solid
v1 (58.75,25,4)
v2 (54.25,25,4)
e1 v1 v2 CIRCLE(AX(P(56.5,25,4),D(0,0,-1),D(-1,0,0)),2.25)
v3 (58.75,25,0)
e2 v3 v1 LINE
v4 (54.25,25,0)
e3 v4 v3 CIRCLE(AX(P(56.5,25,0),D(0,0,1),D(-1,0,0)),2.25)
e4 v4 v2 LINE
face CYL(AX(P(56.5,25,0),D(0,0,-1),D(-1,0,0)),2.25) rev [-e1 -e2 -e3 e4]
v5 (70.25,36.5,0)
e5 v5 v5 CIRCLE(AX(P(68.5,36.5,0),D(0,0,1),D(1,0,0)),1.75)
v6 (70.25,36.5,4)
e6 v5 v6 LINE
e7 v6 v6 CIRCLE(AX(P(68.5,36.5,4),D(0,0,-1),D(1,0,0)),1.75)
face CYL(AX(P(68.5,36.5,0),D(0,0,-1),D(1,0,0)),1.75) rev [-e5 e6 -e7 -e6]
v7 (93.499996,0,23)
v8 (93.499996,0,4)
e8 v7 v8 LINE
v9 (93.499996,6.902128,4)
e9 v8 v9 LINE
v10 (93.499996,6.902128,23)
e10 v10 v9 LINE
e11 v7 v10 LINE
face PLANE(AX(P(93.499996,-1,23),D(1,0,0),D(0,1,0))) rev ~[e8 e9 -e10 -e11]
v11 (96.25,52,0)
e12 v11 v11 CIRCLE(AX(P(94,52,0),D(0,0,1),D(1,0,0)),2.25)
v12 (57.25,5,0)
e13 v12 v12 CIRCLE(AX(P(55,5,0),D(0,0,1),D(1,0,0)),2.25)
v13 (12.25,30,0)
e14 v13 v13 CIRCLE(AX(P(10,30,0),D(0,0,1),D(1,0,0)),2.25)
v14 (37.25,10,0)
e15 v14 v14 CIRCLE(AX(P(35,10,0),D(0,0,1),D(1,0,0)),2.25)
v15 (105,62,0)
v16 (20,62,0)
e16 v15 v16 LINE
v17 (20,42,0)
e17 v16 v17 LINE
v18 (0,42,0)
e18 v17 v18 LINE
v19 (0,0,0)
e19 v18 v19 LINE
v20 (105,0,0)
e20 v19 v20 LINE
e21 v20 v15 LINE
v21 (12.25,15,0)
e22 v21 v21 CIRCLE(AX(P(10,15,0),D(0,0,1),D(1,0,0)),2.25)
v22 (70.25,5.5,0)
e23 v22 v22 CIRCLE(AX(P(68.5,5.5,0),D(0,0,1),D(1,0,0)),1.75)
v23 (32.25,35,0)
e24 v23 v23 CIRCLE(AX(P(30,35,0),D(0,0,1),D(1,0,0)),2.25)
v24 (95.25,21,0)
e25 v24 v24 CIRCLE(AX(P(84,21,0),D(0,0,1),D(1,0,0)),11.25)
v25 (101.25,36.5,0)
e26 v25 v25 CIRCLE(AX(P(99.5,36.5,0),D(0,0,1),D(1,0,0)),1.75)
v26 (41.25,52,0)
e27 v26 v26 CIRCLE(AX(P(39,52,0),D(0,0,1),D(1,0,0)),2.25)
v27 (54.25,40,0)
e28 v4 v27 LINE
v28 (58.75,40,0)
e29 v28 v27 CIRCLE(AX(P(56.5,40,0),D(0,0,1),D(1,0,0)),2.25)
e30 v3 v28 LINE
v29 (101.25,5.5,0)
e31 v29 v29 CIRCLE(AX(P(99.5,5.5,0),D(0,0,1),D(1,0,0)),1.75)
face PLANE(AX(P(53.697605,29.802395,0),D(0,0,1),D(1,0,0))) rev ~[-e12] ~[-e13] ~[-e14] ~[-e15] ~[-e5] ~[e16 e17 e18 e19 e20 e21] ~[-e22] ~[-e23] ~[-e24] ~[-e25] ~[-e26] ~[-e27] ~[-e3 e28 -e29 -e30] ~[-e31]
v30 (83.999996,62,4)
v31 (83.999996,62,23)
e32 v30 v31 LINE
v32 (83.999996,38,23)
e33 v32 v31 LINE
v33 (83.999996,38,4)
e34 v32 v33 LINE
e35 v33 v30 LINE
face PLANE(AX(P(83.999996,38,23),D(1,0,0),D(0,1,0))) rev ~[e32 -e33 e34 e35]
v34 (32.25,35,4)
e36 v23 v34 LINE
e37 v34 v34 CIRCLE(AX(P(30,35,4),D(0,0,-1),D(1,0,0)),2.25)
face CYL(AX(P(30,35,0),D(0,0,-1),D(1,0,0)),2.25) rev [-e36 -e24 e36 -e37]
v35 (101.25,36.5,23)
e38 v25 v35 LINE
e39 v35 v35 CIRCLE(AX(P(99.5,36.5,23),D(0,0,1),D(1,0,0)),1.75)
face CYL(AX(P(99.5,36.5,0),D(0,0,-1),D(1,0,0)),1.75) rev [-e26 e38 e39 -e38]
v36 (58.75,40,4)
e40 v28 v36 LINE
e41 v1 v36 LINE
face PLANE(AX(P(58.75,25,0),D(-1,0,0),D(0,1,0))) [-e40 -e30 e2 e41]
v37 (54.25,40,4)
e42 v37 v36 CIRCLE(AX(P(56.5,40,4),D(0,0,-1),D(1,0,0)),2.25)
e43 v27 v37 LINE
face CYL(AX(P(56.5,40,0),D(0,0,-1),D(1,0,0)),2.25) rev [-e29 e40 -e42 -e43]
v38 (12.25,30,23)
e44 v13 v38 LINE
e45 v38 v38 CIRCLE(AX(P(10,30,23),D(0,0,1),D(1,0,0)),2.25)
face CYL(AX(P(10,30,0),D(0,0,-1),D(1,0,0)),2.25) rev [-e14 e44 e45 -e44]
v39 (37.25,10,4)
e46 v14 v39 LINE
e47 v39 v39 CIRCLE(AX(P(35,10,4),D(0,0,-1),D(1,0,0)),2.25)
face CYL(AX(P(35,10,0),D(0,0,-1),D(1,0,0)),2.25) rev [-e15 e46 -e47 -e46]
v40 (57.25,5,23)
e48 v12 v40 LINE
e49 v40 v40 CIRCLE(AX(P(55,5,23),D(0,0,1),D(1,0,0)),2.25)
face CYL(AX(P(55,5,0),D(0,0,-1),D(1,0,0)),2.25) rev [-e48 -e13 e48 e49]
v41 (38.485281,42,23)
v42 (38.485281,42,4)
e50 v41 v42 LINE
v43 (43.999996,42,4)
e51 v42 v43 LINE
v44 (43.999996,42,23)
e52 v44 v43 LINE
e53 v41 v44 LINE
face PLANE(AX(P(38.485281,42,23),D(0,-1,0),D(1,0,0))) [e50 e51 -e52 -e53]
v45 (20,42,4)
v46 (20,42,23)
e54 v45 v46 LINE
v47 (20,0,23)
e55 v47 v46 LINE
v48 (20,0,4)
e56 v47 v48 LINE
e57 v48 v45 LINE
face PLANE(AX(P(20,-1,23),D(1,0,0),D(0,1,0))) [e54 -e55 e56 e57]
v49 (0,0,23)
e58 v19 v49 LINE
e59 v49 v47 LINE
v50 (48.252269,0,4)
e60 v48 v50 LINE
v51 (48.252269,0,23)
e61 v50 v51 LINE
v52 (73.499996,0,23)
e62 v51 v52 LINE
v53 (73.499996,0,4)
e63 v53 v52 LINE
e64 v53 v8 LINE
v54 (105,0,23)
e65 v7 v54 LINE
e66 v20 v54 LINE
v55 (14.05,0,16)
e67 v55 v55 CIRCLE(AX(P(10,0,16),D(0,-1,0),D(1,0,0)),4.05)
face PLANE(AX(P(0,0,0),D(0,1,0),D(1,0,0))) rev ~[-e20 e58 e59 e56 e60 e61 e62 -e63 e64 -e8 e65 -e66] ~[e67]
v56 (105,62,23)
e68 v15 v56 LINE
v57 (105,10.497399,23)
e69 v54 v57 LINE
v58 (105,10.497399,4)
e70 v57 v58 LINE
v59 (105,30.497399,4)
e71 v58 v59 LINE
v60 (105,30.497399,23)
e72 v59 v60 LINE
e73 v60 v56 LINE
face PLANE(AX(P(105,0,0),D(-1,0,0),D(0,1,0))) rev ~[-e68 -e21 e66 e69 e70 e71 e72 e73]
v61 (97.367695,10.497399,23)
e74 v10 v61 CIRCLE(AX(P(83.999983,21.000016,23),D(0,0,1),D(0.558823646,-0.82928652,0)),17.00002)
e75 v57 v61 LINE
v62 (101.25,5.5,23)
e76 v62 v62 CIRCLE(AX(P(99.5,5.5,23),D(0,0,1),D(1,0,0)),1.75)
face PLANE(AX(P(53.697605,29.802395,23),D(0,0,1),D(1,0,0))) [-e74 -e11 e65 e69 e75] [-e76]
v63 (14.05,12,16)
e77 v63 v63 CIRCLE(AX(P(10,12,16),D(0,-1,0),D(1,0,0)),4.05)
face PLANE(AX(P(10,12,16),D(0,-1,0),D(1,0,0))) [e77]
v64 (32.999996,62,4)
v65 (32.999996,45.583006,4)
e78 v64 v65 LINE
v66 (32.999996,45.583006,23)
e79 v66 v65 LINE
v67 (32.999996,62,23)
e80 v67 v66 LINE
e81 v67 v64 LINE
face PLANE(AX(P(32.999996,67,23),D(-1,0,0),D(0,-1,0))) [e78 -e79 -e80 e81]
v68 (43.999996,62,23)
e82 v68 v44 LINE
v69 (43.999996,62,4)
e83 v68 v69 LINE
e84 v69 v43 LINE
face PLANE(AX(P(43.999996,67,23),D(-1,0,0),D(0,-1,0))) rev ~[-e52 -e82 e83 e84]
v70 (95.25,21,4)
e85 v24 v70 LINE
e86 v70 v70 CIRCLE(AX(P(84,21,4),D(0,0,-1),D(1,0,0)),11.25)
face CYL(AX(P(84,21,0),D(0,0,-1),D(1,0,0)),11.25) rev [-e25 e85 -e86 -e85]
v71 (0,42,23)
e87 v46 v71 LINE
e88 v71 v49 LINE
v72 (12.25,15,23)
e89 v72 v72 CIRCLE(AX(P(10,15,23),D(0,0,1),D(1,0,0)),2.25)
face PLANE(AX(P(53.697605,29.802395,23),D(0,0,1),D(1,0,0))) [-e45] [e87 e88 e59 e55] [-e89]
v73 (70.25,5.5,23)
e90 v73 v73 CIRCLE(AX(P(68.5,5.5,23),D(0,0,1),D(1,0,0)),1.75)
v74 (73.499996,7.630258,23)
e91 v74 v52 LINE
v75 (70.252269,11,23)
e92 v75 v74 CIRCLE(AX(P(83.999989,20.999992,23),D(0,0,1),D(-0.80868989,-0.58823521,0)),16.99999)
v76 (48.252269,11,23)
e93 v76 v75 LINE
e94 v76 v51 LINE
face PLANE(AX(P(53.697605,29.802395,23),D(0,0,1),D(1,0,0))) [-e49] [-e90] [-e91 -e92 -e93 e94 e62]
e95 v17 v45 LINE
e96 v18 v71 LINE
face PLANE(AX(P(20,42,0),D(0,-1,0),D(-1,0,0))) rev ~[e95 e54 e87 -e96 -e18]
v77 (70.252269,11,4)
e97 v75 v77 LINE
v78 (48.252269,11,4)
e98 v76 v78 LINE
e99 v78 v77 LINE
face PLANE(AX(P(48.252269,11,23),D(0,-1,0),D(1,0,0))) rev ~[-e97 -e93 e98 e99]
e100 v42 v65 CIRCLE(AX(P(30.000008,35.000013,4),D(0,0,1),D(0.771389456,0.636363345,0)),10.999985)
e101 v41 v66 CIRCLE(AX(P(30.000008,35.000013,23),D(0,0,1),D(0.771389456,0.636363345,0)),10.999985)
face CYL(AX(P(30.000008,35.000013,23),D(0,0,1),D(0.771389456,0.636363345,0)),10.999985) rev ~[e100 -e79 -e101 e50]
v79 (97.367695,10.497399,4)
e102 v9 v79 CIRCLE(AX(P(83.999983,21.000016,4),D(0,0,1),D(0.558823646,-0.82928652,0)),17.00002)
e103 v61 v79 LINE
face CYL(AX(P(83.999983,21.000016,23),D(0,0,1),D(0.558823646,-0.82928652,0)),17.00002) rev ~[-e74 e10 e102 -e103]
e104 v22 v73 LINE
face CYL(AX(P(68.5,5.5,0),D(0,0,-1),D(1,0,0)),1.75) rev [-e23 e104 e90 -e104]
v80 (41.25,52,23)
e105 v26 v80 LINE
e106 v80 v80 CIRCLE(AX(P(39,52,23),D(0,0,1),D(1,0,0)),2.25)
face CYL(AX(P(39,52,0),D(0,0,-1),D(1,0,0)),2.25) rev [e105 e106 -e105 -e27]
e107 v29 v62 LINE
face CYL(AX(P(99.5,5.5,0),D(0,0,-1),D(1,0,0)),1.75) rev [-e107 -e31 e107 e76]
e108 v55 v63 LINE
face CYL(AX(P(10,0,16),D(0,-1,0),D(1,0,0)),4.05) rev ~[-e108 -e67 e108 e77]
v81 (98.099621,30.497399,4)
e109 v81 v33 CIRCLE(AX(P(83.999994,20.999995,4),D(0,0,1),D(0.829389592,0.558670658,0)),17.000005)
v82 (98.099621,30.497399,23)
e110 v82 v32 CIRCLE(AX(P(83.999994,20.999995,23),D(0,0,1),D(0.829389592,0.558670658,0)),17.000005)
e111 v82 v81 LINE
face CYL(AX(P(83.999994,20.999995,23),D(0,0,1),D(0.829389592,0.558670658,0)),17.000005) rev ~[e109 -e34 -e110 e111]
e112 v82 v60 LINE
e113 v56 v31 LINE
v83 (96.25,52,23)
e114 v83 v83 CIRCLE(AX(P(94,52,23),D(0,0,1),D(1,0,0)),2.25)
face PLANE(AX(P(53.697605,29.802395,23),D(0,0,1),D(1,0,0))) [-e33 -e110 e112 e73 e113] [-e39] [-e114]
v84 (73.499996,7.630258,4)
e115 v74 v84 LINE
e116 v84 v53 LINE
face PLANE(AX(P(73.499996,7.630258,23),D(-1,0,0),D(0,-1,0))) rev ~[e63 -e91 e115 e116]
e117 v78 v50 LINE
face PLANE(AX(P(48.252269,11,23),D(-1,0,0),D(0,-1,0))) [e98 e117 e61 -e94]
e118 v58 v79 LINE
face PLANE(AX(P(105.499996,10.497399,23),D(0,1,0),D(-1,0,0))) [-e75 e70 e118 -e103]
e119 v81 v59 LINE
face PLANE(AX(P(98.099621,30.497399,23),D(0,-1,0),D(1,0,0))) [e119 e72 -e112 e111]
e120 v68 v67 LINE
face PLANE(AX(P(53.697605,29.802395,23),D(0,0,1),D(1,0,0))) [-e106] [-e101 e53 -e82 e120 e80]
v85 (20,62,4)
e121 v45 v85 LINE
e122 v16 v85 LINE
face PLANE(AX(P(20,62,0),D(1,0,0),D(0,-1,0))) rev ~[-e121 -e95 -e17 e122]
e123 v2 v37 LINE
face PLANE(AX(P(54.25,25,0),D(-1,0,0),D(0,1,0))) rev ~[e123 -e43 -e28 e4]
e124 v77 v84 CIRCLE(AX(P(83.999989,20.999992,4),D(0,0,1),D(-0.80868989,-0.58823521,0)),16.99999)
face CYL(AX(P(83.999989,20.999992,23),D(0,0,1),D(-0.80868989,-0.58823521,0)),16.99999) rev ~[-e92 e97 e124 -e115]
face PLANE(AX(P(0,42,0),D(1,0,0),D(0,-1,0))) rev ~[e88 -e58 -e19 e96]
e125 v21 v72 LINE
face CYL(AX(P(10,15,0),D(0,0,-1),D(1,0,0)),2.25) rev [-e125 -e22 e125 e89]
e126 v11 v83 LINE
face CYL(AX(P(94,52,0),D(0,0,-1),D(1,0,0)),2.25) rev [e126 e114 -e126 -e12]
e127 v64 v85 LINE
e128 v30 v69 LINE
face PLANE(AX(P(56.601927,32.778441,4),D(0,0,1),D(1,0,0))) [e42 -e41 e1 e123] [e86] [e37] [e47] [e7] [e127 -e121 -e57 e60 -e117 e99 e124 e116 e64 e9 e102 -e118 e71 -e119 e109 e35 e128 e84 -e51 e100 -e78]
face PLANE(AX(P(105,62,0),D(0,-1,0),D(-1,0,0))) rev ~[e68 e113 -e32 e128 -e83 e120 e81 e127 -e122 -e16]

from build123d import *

# Parameters (mm, degrees)
SKETCH_R        = 2.25
SKETCH_R_2      = 11.25
SKETCH_R_3      = 1.75
PAD_DEPTH       = 23
POCKET_DEPTH    = 19
SKETCH003_R     = 4.05
POCKET002_DEPTH = 12


with BuildPart() as part:
    # Sketch → Pad (new body)
    with BuildSketch(Plane.XY):
        Polygon((0, 0), (105, 0), (105, 62), (20, 62), (20, 42), (0, 42), align=None)
        with Locations((35, 10)):
            Circle(SKETCH_R, mode=Mode.SUBTRACT)
        with Locations((30, 35)):
            Circle(SKETCH_R, mode=Mode.SUBTRACT)
        with Locations((84, 21)):
            Circle(SKETCH_R_2, mode=Mode.SUBTRACT)
        with Locations((68.5, 36.5)):
            Circle(SKETCH_R_3, mode=Mode.SUBTRACT)
        with Locations((99.5, 36.5)):
            Circle(SKETCH_R_3, mode=Mode.SUBTRACT)
        with Locations((68.5, 5.5)):
            Circle(SKETCH_R_3, mode=Mode.SUBTRACT)
        with Locations((99.5, 5.5)):
            Circle(SKETCH_R_3, mode=Mode.SUBTRACT)
        with Locations((10, 30)):
            Circle(SKETCH_R, mode=Mode.SUBTRACT)
        with Locations((10, 15)):
            Circle(SKETCH_R, mode=Mode.SUBTRACT)
        with Locations((39, 52)):
            Circle(SKETCH_R, mode=Mode.SUBTRACT)
        with Locations((94, 52)):
            Circle(SKETCH_R, mode=Mode.SUBTRACT)
        with Locations((55, 5)):
            Circle(SKETCH_R, mode=Mode.SUBTRACT)
        with BuildLine():
            Line((58.75, 25), (58.75, 40))
            ThreePointArc((58.75, 40), (56.5, 42.25), (54.25, 40))
            Line((54.25, 25), (54.25, 40))
            ThreePointArc((54.25, 25), (56.5, 22.75), (58.75, 25))
        make_face(mode=Mode.SUBTRACT)
    extrude(amount=PAD_DEPTH)

    # Sketch001 → Pocket (cut)
    with BuildSketch(Plane.XY.offset(23)):
        with BuildLine():
            ThreePointArc((38.485281, 42), (36.015595, 44.209377), (32.999996, 45.583006))
            Line((32.999996, 67), (32.999996, 45.583006))
            Line((20, 67), (32.999996, 67))
            Line((20, -1), (20, 67))
            Line((20, -1), (48.252269, -1))
            Line((48.252269, 11), (48.252269, -1))
            Line((48.252269, 11), (70.252269, 11))
            ThreePointArc((70.252269, 11), (71.759618, 9.202833), (73.499996, 7.630258))
            Line((73.499996, 7.630258), (73.499996, -1))
            Line((73.499996, -1), (93.499996, -1))
            Line((93.499996, -1), (93.499996, 6.902128))
            ThreePointArc((93.499996, 6.902128), (95.574295, 8.548671), (97.367695, 10.497399))
            Line((105.499996, 10.497399), (97.367695, 10.497399))
            Line((105.499996, 30.497399), (105.499996, 10.497399))
            Line((98.099621, 30.497399), (105.499996, 30.497399))
            ThreePointArc((98.099621, 30.497399), (91.98574, 36.007594), (83.999996, 38))
            Line((83.999996, 38), (83.999996, 67))
            Line((83.999996, 67), (43.999996, 67))
            Line((43.999996, 67), (43.999996, 42))
            Line((38.485281, 42), (43.999996, 42))
        make_face()
    extrude(amount=-POCKET_DEPTH, mode=Mode.SUBTRACT)

    # Sketch003 → Pocket002 (cut)
    with BuildSketch(Plane.XZ):
        with Locations((10, 16)):
            Circle(SKETCH003_R)
    extrude(amount=-POCKET002_DEPTH, mode=Mode.SUBTRACT)


solid = part.part
